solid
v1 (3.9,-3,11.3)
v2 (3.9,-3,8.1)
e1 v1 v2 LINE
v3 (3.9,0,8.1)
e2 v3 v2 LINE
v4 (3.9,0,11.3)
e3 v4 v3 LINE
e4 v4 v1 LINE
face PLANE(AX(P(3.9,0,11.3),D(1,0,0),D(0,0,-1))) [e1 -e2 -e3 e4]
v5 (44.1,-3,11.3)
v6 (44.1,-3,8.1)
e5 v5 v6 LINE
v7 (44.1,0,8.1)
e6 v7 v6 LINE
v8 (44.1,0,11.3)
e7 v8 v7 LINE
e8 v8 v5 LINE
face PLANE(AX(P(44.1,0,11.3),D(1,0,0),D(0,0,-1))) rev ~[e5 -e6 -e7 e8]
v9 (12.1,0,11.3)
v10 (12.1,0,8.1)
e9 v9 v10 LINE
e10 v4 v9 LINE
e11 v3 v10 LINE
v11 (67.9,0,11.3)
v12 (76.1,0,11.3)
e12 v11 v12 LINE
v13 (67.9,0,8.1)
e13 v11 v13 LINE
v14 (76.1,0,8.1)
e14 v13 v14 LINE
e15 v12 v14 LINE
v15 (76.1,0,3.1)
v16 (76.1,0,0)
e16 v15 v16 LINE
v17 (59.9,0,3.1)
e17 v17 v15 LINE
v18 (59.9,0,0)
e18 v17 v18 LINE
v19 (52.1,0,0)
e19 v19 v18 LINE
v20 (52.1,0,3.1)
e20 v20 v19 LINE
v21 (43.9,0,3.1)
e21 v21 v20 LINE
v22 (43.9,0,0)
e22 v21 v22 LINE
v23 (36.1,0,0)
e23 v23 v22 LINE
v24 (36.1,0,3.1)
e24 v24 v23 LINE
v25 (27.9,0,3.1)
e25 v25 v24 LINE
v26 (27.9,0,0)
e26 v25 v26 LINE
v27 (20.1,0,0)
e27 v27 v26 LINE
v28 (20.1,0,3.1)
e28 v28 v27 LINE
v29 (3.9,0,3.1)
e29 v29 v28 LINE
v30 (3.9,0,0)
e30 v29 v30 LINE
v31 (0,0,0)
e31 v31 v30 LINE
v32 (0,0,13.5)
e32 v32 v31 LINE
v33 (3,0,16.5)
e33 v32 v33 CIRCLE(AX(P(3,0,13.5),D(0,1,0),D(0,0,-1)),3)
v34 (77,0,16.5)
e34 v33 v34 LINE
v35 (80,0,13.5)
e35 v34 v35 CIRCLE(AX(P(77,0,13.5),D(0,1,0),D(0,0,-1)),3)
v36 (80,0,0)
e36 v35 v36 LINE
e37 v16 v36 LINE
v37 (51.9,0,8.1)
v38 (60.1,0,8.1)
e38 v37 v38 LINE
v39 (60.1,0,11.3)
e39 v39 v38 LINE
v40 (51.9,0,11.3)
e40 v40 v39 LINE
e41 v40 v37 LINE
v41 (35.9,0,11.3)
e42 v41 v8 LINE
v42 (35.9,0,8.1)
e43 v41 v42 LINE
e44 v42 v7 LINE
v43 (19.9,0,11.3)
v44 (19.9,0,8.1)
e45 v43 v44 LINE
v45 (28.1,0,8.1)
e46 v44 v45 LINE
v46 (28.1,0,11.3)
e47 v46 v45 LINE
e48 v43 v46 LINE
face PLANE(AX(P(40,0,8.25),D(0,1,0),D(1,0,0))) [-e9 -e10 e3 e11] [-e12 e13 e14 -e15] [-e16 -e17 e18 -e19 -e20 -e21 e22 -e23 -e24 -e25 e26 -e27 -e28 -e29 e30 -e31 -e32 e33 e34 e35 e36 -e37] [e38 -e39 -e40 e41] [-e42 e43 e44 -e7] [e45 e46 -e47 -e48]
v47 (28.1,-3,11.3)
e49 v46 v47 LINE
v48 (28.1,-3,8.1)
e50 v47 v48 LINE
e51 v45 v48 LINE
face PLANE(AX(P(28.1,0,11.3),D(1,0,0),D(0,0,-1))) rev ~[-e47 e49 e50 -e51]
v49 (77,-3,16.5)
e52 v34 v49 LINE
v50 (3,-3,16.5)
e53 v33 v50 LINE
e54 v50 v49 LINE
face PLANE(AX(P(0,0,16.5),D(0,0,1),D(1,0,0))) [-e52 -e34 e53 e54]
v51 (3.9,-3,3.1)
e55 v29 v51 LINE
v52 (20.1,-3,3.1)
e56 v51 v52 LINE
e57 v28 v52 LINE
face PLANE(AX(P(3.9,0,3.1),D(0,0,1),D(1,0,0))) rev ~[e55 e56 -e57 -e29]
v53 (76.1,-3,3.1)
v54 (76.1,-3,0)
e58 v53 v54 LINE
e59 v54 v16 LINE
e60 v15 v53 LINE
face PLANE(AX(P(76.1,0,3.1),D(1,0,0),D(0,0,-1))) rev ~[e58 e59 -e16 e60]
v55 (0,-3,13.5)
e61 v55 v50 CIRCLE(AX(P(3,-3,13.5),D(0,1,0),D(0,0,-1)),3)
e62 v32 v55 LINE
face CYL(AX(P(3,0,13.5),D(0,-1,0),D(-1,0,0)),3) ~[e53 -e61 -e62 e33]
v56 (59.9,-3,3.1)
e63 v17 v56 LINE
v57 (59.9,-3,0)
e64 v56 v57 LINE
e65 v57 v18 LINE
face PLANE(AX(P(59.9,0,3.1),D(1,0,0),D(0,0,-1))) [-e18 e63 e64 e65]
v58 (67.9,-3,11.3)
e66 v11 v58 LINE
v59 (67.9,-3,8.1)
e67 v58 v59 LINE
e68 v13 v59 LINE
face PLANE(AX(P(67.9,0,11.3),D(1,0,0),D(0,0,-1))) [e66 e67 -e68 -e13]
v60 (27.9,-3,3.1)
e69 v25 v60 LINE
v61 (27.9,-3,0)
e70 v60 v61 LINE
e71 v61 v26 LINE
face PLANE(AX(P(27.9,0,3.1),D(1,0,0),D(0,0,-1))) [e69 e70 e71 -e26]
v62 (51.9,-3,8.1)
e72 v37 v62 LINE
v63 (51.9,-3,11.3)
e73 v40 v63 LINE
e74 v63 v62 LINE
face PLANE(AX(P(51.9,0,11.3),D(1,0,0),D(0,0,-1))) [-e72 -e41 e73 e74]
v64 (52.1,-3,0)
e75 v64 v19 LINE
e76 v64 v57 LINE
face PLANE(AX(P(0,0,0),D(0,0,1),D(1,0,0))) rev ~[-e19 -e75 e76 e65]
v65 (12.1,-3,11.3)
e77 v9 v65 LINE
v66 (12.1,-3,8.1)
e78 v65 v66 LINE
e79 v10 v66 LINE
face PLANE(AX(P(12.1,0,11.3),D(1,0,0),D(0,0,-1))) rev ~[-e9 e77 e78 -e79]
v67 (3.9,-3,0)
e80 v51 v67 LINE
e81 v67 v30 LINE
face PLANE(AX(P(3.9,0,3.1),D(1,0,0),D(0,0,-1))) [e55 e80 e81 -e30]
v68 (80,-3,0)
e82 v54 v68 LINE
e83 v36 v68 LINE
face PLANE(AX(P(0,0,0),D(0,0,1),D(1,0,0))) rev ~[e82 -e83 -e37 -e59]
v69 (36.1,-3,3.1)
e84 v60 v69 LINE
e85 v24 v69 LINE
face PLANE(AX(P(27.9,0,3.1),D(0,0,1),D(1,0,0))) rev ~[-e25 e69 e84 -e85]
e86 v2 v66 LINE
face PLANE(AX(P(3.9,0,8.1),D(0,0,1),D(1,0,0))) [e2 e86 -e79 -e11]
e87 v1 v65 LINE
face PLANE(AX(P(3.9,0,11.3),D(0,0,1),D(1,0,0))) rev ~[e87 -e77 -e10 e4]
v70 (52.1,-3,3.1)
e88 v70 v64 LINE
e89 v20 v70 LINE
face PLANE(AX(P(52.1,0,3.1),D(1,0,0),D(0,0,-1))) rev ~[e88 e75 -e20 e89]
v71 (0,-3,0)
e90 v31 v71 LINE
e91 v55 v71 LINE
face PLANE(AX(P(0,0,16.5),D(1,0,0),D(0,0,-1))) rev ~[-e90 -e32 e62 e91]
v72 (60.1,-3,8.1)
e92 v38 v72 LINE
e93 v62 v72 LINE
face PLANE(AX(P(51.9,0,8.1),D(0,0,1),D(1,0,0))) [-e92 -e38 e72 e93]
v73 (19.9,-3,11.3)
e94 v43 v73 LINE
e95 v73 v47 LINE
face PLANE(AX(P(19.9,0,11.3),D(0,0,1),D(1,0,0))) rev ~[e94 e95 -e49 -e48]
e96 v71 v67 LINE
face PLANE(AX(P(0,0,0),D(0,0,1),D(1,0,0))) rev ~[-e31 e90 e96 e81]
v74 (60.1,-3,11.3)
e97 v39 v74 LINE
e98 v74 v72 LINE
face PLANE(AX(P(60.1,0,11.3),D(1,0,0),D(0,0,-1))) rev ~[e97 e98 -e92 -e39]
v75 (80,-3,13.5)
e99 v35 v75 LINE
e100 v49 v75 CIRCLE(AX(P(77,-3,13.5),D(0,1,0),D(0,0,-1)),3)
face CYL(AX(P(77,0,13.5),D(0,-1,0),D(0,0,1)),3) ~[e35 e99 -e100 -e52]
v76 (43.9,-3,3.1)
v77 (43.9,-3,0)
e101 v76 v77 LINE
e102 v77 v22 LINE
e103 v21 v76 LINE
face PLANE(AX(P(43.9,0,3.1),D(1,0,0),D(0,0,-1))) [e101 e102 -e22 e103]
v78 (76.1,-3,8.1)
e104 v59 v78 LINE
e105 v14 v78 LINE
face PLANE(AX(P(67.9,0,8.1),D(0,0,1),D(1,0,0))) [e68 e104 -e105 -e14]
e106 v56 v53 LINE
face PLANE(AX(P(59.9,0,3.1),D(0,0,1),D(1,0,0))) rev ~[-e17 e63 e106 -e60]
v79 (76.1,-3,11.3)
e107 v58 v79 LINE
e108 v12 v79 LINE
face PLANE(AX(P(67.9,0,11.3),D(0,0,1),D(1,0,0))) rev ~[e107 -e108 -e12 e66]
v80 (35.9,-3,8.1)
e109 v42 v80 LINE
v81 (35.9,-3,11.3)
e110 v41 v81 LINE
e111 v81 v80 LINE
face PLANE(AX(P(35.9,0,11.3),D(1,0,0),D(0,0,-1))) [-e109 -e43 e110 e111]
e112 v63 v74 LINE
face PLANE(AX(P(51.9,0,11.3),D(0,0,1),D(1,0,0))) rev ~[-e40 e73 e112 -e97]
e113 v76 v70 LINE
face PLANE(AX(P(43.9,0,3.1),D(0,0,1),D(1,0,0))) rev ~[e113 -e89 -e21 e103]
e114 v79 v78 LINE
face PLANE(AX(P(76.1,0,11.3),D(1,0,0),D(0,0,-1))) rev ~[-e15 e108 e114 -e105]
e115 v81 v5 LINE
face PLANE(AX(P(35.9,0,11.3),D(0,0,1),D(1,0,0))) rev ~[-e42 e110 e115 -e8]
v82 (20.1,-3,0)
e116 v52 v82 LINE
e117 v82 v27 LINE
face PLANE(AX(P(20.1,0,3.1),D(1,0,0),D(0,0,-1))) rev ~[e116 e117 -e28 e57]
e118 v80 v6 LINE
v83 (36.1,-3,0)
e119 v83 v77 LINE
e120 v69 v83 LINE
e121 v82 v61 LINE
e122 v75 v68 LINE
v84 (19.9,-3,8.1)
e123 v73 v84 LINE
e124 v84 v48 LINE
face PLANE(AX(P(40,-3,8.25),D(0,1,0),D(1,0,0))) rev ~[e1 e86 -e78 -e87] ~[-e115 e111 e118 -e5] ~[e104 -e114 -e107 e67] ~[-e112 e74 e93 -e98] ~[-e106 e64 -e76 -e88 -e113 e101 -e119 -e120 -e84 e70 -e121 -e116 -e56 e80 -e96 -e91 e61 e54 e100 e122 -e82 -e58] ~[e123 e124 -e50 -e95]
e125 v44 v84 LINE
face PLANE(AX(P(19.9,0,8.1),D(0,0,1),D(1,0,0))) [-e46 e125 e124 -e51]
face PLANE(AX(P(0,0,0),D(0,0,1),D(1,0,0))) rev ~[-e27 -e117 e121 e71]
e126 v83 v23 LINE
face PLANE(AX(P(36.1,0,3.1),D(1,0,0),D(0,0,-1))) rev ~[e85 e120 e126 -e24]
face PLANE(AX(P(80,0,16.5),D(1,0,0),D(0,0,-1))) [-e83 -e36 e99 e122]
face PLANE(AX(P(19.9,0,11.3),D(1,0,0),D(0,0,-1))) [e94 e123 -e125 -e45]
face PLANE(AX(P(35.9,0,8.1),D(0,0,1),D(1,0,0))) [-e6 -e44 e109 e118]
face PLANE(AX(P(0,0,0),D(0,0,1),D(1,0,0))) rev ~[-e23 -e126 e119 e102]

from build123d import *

# Parameters (mm, degrees)
SKETCH1_W           = 80
SKETCH1_H           = 16.5
BOSS_EXTRUDE1_DEPTH = 3
SKETCH3_W           = 8.2
SKETCH3_H           = 3.2
SKETCH3_W_2         = 16.2
CUT_EXTRUDE1_DEPTH  = 4
FILLET1_R           = 3


with BuildPart() as part:
    # Sketch1 → Boss-Extrude1 (new body)
    with BuildSketch(Plane(origin=(0, 0, 0), x_dir=(1, 0, 0), z_dir=(0, 1, 0))):
        with Locations((40, -8.25)):
            Rectangle(SKETCH1_W, SKETCH1_H)
    extrude(amount=-BOSS_EXTRUDE1_DEPTH)

    # Sketch3 → Cut-Extrude1 (cut, through all)
    with BuildSketch(Plane(origin=(0, 0, 0), x_dir=(1, 0, 0), z_dir=(0, 1, 0))):
        with Locations((8, -9.7)):
            Rectangle(SKETCH3_W, SKETCH3_H)
        with Locations((32, -1.5)):
            Rectangle(SKETCH3_W, SKETCH3_H)
        with Locations((40, -9.7)):
            Rectangle(SKETCH3_W, SKETCH3_H)
        with Locations((24, -9.7)):
            Rectangle(SKETCH3_W, SKETCH3_H)
        with Locations((12, -1.5)):
            Rectangle(SKETCH3_W_2, SKETCH3_H)
        with Locations((48, -1.5)):
            Rectangle(SKETCH3_W, SKETCH3_H)
        with Locations((56, -9.7)):
            Rectangle(SKETCH3_W, SKETCH3_H)
        with Locations((72, -9.7)):
            Rectangle(SKETCH3_W, SKETCH3_H)
        with Locations((68, -1.5)):
            Rectangle(SKETCH3_W_2, SKETCH3_H)
    extrude(amount=-CUT_EXTRUDE1_DEPTH, mode=Mode.SUBTRACT)

    # Fillet1
    fillet1_edges = [part.edges().sort_by_distance(p)[0] for p in [
        (80, -1.5, 16.5),
        (0, -1.5, 16.5),
    ]]
    fillet(fillet1_edges, radius=FILLET1_R)


solid = part.part
